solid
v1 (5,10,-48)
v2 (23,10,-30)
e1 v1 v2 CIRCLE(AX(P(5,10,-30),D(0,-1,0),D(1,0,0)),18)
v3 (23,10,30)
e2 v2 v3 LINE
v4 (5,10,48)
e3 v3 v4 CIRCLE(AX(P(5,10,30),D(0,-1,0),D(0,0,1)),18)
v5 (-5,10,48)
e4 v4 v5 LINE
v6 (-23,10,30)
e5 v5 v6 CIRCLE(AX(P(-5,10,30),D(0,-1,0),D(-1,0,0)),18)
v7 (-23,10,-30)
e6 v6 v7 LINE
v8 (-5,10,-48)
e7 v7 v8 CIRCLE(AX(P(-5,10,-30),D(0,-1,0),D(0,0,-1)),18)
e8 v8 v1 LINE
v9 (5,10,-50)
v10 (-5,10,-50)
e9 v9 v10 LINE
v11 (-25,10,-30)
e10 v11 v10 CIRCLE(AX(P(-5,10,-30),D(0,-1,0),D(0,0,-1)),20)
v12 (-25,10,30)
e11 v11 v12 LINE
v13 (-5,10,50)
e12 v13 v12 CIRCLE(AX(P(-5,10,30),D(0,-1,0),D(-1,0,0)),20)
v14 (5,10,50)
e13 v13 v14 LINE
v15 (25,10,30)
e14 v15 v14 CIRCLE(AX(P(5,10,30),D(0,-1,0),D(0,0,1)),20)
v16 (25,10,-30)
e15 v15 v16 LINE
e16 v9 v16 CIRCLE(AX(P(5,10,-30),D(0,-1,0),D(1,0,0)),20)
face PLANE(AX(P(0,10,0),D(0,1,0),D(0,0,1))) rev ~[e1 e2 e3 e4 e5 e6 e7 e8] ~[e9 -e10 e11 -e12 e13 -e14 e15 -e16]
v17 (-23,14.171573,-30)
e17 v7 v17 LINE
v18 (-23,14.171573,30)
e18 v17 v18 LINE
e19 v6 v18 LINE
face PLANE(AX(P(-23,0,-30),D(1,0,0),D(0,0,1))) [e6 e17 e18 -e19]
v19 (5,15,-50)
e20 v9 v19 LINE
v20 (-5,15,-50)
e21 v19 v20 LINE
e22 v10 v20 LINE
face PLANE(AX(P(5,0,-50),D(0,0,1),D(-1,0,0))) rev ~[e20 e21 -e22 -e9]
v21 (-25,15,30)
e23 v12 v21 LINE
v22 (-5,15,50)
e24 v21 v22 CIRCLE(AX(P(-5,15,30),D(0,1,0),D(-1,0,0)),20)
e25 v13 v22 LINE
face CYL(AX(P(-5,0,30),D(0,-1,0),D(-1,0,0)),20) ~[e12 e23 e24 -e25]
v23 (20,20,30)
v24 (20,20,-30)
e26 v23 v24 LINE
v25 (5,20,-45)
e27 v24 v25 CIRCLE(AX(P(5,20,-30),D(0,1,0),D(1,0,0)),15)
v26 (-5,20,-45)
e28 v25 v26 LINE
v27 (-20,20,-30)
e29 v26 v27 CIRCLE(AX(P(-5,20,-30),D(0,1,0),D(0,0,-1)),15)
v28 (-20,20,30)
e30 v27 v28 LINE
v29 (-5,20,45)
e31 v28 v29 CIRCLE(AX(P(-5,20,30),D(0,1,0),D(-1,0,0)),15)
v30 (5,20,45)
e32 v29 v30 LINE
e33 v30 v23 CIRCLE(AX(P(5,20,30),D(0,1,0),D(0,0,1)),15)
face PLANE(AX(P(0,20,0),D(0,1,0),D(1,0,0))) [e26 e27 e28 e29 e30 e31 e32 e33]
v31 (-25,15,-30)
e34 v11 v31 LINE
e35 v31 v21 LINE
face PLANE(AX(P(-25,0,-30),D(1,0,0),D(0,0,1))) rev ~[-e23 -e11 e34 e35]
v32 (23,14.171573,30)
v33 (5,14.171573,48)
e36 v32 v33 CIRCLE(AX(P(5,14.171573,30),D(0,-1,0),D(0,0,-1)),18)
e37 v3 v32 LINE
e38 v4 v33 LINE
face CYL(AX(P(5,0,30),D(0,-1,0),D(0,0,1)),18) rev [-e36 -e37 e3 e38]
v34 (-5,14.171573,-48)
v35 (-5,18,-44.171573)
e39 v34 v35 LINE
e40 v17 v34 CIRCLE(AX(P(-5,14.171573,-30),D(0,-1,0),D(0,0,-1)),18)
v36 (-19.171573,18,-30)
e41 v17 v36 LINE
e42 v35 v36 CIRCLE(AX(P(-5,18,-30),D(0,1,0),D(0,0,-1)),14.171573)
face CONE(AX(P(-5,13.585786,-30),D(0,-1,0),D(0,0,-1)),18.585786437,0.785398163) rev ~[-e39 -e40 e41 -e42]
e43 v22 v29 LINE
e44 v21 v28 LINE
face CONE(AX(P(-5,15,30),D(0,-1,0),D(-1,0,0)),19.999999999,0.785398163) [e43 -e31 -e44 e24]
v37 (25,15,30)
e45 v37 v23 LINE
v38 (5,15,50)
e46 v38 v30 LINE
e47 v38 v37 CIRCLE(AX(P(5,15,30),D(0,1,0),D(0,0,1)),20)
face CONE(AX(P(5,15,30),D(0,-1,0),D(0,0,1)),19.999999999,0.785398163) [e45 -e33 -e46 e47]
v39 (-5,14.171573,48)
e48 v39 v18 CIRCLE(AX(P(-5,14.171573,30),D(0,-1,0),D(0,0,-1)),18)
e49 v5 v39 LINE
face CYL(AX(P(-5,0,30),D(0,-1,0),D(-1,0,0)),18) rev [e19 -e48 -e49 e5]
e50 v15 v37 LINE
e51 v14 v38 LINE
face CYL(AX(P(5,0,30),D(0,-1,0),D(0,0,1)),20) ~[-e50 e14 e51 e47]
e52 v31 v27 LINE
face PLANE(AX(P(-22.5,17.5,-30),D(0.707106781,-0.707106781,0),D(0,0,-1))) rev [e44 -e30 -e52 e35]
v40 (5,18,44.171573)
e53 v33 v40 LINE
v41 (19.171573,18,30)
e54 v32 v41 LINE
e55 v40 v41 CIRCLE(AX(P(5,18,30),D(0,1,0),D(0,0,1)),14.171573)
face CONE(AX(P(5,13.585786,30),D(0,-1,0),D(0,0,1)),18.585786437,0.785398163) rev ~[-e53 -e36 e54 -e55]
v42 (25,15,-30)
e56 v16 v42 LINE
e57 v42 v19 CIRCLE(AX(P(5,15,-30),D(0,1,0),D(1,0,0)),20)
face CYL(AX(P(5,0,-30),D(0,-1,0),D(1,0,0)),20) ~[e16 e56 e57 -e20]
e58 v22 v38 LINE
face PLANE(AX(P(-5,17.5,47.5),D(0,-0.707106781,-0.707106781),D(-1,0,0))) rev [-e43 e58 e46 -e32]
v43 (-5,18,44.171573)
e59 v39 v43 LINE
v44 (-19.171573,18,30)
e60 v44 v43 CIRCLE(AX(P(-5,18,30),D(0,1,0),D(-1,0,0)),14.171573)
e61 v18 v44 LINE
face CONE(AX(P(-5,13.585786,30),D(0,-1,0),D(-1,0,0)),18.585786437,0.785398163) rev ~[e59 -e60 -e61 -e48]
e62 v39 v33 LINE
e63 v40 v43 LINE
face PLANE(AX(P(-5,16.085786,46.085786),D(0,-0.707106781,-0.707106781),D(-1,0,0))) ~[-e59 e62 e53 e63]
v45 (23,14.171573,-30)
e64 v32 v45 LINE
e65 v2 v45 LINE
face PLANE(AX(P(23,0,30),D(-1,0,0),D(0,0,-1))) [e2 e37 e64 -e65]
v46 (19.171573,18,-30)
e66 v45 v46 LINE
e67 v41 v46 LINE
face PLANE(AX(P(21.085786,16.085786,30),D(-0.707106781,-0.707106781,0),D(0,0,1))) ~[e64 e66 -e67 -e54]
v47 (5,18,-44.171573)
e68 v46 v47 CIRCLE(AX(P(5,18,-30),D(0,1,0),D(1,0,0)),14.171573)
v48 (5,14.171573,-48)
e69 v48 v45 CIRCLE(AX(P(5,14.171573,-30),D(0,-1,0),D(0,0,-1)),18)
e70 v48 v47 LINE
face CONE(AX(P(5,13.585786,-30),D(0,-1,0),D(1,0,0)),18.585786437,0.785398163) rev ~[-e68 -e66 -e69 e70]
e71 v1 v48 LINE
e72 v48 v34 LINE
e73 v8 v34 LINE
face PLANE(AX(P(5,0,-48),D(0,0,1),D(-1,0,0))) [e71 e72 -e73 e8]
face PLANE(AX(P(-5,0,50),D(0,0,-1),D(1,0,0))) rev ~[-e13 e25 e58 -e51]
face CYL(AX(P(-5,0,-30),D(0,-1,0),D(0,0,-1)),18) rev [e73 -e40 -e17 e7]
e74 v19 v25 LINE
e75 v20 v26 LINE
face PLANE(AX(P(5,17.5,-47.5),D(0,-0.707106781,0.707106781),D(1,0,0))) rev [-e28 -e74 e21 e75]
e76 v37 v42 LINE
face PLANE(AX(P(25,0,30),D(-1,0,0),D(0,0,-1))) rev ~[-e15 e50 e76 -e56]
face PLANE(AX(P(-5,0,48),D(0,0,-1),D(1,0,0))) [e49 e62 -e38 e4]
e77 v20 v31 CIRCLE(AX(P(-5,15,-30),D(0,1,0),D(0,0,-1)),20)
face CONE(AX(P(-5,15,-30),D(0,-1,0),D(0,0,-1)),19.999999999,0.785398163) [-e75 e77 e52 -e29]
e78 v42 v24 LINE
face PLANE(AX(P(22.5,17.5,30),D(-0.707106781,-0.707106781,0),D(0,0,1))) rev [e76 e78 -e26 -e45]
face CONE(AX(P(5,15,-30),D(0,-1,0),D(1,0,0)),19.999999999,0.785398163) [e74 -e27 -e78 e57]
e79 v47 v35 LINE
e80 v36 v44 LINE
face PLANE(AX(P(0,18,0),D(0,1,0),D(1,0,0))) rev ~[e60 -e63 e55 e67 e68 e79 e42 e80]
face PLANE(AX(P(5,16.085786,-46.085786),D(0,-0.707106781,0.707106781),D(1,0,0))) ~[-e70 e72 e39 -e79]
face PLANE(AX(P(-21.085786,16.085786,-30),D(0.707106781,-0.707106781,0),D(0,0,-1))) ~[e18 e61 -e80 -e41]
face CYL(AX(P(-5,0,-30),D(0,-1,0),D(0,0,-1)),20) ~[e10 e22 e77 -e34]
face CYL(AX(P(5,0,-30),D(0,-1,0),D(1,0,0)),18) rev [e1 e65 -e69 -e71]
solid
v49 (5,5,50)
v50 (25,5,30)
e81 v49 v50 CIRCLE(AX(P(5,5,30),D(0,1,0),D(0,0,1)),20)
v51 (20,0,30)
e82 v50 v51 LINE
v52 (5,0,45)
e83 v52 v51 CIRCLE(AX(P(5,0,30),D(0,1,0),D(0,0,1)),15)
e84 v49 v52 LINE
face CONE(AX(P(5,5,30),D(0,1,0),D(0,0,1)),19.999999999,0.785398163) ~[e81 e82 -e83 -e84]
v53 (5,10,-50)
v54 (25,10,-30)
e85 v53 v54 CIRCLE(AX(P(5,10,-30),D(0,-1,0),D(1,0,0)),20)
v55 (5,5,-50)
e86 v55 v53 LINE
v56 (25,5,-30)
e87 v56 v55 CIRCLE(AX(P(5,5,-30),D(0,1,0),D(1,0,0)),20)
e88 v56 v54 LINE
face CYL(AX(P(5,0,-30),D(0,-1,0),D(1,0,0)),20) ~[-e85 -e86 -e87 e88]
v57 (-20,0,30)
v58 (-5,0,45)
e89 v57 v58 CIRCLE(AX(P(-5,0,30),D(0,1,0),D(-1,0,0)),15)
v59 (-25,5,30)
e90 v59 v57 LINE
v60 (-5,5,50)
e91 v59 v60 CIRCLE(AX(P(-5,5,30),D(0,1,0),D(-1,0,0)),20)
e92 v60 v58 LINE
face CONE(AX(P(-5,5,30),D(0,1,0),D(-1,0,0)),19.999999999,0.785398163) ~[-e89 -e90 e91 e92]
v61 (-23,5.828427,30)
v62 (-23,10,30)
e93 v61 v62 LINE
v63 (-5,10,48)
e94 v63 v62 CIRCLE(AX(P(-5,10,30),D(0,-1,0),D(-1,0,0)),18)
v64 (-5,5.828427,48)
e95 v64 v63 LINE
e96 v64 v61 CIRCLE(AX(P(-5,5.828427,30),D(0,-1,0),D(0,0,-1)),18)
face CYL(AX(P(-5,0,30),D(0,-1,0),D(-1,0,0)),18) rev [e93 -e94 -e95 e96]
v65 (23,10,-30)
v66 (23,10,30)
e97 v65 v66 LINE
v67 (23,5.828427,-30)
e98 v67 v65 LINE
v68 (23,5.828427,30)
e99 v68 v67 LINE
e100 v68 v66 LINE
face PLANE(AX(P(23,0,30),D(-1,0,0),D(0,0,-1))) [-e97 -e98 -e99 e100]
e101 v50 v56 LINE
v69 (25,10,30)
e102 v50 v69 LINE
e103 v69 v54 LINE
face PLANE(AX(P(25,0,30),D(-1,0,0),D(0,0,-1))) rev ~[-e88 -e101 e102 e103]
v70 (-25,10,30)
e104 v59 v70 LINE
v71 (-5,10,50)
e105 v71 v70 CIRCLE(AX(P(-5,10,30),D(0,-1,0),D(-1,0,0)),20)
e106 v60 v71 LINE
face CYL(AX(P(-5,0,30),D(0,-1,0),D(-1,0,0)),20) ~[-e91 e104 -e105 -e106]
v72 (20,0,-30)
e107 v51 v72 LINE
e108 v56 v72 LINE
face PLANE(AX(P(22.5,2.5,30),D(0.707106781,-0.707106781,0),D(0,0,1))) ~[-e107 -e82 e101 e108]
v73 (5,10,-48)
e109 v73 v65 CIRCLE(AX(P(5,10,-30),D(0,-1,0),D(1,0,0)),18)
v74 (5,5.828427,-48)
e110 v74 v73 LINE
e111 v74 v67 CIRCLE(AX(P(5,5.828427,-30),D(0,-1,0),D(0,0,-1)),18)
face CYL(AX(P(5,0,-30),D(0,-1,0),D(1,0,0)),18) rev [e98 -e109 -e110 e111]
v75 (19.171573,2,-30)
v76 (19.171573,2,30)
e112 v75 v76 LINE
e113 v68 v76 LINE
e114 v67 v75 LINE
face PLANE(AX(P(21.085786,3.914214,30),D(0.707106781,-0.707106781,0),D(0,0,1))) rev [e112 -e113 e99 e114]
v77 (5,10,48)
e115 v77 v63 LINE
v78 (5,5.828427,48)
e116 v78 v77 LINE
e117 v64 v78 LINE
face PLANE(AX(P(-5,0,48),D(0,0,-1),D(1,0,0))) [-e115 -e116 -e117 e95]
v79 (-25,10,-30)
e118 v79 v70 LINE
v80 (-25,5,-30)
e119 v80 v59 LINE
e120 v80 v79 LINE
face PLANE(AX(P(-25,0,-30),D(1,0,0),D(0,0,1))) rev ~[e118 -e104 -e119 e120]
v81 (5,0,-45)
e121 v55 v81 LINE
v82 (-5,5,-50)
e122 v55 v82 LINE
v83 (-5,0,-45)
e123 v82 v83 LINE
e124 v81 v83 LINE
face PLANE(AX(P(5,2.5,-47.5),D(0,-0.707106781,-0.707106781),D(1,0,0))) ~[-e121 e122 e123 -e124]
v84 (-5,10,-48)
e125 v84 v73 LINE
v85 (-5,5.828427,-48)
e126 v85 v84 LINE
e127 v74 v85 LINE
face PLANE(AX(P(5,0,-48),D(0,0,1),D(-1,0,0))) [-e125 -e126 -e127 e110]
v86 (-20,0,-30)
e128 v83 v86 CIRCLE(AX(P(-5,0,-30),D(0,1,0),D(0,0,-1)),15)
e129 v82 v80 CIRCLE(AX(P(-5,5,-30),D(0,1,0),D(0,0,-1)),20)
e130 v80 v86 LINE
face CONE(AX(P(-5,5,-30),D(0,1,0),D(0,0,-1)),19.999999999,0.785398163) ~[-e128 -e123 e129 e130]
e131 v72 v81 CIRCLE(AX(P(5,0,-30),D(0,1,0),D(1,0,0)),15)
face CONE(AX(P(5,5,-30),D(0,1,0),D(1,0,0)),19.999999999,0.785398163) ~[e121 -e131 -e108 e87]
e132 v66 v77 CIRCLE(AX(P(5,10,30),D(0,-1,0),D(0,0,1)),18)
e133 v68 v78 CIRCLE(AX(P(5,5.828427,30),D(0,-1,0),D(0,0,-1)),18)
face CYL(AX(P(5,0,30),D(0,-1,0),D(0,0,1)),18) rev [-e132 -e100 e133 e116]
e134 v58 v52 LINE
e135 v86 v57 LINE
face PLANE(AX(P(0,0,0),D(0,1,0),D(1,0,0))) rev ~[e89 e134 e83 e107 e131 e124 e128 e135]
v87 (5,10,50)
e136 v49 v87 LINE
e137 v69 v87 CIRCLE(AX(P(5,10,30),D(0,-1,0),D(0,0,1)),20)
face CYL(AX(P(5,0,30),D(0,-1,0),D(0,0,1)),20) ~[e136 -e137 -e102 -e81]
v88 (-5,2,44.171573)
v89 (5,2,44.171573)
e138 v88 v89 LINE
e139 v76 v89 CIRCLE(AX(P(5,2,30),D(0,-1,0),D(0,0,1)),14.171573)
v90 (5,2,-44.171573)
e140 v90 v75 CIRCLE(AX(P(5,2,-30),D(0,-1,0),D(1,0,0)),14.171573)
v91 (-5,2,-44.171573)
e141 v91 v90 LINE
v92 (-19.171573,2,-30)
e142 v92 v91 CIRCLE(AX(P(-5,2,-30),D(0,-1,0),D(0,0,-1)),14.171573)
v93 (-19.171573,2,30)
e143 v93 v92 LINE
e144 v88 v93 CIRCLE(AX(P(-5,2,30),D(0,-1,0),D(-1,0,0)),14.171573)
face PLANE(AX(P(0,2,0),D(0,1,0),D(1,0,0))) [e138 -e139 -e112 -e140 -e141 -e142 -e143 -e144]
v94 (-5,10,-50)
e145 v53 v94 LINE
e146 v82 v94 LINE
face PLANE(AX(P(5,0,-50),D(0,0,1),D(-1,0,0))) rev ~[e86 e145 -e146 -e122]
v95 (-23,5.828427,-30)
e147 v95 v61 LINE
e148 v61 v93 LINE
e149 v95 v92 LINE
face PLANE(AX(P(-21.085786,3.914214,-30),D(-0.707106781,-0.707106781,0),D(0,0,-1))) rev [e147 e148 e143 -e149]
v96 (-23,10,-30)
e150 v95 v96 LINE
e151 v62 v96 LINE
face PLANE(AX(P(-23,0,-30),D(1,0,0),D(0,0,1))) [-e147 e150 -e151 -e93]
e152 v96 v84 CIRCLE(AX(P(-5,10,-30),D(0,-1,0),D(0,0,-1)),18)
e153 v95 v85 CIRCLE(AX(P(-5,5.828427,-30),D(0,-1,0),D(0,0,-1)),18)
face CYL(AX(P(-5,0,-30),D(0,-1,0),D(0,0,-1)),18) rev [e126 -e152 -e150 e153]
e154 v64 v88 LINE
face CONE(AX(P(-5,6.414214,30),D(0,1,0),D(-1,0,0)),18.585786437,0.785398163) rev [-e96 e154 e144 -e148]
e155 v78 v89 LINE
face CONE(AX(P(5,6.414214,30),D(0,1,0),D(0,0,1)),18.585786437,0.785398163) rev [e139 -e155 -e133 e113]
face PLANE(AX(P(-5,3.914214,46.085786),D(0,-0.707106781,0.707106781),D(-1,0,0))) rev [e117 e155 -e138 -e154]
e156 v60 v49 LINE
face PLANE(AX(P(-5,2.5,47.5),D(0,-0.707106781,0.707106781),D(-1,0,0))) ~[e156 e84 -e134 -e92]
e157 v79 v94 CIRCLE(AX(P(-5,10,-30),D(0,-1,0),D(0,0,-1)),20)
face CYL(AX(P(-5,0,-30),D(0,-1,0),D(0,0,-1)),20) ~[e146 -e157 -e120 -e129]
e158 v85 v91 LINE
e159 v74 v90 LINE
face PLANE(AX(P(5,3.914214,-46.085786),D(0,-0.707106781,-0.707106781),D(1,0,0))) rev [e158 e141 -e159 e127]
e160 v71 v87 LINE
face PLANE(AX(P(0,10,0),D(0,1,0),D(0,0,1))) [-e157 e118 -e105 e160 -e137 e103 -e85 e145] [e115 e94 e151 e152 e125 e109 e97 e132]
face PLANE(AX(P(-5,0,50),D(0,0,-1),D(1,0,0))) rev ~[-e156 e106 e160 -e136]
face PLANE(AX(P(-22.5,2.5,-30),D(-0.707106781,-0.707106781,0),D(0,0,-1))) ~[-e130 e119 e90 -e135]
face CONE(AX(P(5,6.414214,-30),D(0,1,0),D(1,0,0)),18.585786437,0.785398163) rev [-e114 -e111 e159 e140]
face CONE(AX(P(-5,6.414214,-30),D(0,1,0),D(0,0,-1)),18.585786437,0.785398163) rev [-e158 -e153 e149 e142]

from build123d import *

# Parameters (mm, degrees)
BOSS_EXTRUDE1_DEPTH = 20
CHAMFER1_SIZE       = 5
SHELL1_T            = -2
SHELL2_T            = -2


with BuildPart() as part:
    # Sketch1 → Boss-Extrude1 (new body)
    with BuildSketch(Plane(origin=(0, 0, 0), x_dir=(1, 0, 0), z_dir=(0, 1, 0))):
        with BuildLine():
            Line((-5, -50), (5, -50))
            ThreePointArc((5, -50), (19.142135624, -44.142135624), (25, -30))
            Line((25, -30), (25, 30))
            ThreePointArc((25, 30), (19.142135624, 44.142135624), (5, 50))
            Line((5, 50), (-5, 50))
            ThreePointArc((-5, 50), (-19.142135624, 44.142135624), (-25, 30))
            Line((-25, 30), (-25, -30))
            ThreePointArc((-25, -30), (-19.142135624, -44.142135624), (-5, -50))
        make_face()
    extrude(amount=BOSS_EXTRUDE1_DEPTH)

    # Chamfer1
    chamfer1_edges = [part.edges().sort_by_distance(p)[0] for p in [
        (25, 0, 0),
        (19.142135624, 0, 44.142135624),
        (0, 0, 50),
        (-19.142135624, 0, 44.142135624),
        (19.142135624, 20, 44.142135624),
        (25, 20, 0),
        (19.142135624, 20, -44.142135624),
        (0, 20, -50),
        (-19.142135624, 20, -44.142135624),
        (-25, 20, 0),
        (-19.142135624, 20, 44.142135624),
        (-25, 0, 0),
        (0, 20, 50),
        (-19.142135624, 0, -44.142135624),
        (0, 0, -50),
        (19.142135624, 0, -44.142135624),
    ]]
    chamfer(chamfer1_edges, length=CHAMFER1_SIZE)


with BuildPart() as body_2:
    # Split1: the piece on the far side of the plane
    add(part.part)
    split(bisect_by=Plane.ZX.offset(10), keep=Keep.BOTTOM)

    # Shell1
    shell1_openings = [body_2.faces().sort_by_distance(p)[0] for p in [
        (0, 10, 0),
    ]]
    offset(amount=SHELL1_T, openings=shell1_openings, kind=Kind.INTERSECTION)


with BuildPart() as part_1:
    add(part.part)

    # Split1
    split(bisect_by=Plane.ZX.offset(10), keep=Keep.TOP)

    # Shell2
    shell2_openings = [part_1.faces().sort_by_distance(p)[0] for p in [
        (0, 10, 0),
    ]]
    offset(amount=SHELL2_T, openings=shell2_openings, kind=Kind.INTERSECTION)


solid = Compound([body_2.part, part_1.part])
